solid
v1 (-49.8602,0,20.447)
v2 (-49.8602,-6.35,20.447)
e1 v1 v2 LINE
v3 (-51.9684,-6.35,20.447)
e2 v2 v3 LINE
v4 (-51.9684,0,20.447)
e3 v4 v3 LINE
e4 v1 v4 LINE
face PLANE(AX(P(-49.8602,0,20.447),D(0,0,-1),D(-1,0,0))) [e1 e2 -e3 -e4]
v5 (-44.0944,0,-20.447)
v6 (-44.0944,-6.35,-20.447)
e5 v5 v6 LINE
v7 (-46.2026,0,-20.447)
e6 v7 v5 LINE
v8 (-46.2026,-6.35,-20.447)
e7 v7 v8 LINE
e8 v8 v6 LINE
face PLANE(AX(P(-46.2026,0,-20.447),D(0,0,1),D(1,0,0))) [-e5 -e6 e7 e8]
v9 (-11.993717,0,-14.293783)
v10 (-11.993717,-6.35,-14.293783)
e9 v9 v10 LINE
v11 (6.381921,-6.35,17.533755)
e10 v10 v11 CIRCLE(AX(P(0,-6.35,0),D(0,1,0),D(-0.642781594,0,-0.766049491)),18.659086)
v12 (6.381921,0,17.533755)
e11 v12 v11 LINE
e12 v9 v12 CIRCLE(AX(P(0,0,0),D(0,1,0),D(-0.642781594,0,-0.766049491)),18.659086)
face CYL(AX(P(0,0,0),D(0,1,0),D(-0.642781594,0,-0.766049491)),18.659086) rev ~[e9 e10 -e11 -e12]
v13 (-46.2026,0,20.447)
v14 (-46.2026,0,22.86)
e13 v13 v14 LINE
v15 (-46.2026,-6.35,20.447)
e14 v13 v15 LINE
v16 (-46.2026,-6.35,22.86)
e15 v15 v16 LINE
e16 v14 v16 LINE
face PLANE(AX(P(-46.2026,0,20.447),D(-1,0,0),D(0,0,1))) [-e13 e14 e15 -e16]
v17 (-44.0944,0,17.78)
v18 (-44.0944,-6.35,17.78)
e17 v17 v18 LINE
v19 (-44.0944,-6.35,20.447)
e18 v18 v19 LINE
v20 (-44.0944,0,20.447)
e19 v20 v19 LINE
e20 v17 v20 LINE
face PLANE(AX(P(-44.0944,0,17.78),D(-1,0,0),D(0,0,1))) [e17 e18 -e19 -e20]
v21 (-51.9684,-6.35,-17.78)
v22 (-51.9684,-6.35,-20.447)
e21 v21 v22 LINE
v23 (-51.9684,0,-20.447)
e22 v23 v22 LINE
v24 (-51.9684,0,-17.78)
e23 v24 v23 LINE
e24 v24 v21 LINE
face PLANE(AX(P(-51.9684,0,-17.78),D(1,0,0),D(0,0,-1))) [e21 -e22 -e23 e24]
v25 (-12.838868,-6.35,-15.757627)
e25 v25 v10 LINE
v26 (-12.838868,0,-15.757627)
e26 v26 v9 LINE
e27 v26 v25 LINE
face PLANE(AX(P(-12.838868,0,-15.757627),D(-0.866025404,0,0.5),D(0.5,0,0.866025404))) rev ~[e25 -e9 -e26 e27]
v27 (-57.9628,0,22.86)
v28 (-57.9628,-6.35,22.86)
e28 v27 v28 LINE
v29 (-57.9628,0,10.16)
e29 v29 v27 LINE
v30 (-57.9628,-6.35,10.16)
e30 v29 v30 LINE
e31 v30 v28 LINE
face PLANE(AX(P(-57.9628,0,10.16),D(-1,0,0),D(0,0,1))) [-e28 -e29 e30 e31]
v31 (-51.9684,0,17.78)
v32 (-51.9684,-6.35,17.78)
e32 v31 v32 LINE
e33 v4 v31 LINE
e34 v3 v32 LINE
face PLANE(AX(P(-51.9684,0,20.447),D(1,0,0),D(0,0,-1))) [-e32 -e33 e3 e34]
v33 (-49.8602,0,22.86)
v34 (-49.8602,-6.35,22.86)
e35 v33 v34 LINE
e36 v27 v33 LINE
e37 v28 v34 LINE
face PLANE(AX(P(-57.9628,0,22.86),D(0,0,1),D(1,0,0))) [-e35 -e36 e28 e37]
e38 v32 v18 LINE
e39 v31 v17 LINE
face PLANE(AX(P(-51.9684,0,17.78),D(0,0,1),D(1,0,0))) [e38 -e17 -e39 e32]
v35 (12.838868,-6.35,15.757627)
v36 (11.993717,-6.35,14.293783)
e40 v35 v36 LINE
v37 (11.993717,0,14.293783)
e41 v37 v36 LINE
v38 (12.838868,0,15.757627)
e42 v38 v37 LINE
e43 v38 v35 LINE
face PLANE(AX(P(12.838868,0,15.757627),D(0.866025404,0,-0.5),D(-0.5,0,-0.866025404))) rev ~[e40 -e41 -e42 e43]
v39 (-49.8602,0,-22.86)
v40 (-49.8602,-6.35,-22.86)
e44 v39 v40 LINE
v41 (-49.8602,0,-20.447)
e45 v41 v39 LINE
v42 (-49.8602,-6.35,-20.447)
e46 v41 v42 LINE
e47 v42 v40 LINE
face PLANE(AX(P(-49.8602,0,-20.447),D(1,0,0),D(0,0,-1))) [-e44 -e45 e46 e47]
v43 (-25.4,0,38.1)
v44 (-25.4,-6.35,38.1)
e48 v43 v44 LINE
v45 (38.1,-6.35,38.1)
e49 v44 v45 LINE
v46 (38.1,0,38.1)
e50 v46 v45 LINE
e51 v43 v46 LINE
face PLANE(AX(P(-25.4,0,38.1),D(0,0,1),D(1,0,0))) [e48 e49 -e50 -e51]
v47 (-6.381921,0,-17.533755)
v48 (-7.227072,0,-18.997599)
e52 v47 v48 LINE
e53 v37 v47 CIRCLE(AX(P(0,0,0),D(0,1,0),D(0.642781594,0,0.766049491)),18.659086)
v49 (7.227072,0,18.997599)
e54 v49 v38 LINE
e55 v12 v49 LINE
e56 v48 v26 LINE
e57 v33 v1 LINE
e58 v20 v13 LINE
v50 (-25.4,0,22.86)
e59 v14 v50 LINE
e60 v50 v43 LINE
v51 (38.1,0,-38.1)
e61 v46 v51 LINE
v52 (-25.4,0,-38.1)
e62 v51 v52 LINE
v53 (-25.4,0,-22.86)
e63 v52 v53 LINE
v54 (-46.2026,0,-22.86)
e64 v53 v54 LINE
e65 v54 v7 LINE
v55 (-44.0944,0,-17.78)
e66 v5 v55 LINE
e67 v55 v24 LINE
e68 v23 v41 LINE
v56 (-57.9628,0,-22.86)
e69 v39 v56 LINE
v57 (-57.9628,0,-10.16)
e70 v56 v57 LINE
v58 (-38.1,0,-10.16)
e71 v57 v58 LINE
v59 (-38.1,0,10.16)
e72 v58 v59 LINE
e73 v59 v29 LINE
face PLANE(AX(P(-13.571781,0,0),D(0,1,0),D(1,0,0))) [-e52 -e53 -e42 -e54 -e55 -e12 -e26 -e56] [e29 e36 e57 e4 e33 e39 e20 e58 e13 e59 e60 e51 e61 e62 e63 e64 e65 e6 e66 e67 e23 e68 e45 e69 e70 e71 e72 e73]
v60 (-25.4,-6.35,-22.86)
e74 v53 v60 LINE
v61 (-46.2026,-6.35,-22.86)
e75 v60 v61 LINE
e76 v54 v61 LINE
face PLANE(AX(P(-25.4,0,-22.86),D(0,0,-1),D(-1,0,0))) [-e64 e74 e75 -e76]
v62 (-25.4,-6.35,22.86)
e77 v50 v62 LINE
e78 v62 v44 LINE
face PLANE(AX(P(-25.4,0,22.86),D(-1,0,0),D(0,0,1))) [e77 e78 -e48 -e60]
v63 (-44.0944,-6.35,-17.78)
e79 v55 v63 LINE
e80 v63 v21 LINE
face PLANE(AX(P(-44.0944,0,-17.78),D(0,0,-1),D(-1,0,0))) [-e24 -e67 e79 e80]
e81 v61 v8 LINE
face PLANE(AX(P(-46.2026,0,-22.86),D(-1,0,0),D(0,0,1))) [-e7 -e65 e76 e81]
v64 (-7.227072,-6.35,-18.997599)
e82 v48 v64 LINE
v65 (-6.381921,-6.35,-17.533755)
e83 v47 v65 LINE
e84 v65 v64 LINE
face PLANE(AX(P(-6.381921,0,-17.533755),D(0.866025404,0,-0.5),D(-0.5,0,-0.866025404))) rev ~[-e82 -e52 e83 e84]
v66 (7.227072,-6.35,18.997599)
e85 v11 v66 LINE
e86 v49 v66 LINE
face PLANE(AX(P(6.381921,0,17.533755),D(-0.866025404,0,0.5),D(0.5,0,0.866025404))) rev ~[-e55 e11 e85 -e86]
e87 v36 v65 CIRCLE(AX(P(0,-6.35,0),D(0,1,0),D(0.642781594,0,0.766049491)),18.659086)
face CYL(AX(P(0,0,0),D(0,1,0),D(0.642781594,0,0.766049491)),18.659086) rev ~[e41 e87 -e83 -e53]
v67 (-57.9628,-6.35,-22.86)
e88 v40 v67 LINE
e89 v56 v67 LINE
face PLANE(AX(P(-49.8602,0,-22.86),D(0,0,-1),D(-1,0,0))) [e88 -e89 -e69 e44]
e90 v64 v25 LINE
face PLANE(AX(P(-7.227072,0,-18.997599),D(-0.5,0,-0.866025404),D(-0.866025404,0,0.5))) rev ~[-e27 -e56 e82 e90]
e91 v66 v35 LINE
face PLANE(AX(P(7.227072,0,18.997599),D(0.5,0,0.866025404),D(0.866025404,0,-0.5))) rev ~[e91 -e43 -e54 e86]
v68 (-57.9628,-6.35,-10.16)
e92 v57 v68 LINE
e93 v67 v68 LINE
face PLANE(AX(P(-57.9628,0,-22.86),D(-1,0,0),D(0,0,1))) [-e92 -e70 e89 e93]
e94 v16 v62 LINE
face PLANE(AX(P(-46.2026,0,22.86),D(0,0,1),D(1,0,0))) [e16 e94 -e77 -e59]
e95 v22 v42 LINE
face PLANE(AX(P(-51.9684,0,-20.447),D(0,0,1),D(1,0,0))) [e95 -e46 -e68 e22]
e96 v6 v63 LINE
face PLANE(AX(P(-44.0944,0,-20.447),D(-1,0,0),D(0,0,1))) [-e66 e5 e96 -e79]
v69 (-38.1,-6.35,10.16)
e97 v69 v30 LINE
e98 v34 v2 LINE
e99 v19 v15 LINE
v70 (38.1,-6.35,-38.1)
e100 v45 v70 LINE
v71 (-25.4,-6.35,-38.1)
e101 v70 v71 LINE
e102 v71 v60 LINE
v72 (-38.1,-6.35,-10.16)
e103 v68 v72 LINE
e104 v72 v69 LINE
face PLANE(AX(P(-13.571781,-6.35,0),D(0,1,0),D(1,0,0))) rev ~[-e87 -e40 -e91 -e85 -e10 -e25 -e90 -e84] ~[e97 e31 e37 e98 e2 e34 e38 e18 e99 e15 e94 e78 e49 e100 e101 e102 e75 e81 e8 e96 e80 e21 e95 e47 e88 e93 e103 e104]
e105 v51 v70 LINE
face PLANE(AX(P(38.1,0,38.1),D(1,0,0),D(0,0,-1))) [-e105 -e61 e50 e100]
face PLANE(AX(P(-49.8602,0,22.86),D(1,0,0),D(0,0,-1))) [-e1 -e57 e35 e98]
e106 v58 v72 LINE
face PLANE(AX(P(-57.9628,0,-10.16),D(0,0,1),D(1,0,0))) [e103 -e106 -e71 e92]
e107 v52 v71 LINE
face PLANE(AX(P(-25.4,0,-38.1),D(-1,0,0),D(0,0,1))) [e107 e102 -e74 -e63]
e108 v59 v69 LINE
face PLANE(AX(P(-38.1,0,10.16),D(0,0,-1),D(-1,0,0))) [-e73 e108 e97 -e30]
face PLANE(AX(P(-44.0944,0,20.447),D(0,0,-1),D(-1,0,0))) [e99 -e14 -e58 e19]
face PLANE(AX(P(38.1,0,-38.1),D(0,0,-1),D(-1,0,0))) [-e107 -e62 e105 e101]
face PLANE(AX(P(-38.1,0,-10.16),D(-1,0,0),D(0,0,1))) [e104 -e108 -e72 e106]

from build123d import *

# Parameters (mm, degrees)
BOSS_EXTRUDE1_DEPTH = 6.35


with BuildPart() as part:
    # Sketch1 → Boss-Extrude1 (new body)
    with BuildSketch(Plane(origin=(0, 0, 0), x_dir=(1, 0, 0), z_dir=(0, 1, 0))):
        Polygon((-25.4, -38.1), (38.1, -38.1), (38.1, 38.1), (-25.4, 38.1), (-25.4, 22.86), (-38.1, 22.86), (-46.2026, 22.86), (-46.2026, 20.447), (-44.0944, 20.447), (-44.0944, 17.78), (-51.9684, 17.78), (-51.9684, 20.447), (-49.8602, 20.447), (-49.8602, 22.86), (-57.9628, 22.86), (-57.9628, 10.16), (-38.1, 10.16), (-38.1, -10.16), (-57.9628, -10.16), (-57.9628, -22.86), (-49.8602, -22.86), (-49.8602, -20.447), (-51.9684, -20.447), (-51.9684, -17.78), (-44.0944, -17.78), (-44.0944, -20.447), (-46.2026, -20.447), (-46.2026, -22.86), (-38.1, -22.86), (-25.4, -22.86), align=None)
        with BuildLine():
            Line((7.227071664, -18.99759929), (12.838867764, -15.757627301))
            Line((12.838867764, -15.757627301), (11.99371709, -14.293783392))
            ThreePointArc((11.99371709, -14.293783392), (16.159242555, 9.329543039), (-6.381920989, 17.533755382))
            Line((-6.381920989, 17.533755382), (-7.227071664, 18.99759929))
            Line((-7.227071664, 18.99759929), (-12.838867764, 15.757627301))
            Line((-12.838867764, 15.757627301), (-11.99371709, 14.293783392))
            ThreePointArc((-11.99371709, 14.293783392), (-16.159242555, -9.329543039), (6.381920989, -17.533755382))
            Line((6.381920989, -17.533755382), (7.227071664, -18.99759929))
        make_face(mode=Mode.SUBTRACT)
    extrude(amount=-BOSS_EXTRUDE1_DEPTH)


solid = part.part
